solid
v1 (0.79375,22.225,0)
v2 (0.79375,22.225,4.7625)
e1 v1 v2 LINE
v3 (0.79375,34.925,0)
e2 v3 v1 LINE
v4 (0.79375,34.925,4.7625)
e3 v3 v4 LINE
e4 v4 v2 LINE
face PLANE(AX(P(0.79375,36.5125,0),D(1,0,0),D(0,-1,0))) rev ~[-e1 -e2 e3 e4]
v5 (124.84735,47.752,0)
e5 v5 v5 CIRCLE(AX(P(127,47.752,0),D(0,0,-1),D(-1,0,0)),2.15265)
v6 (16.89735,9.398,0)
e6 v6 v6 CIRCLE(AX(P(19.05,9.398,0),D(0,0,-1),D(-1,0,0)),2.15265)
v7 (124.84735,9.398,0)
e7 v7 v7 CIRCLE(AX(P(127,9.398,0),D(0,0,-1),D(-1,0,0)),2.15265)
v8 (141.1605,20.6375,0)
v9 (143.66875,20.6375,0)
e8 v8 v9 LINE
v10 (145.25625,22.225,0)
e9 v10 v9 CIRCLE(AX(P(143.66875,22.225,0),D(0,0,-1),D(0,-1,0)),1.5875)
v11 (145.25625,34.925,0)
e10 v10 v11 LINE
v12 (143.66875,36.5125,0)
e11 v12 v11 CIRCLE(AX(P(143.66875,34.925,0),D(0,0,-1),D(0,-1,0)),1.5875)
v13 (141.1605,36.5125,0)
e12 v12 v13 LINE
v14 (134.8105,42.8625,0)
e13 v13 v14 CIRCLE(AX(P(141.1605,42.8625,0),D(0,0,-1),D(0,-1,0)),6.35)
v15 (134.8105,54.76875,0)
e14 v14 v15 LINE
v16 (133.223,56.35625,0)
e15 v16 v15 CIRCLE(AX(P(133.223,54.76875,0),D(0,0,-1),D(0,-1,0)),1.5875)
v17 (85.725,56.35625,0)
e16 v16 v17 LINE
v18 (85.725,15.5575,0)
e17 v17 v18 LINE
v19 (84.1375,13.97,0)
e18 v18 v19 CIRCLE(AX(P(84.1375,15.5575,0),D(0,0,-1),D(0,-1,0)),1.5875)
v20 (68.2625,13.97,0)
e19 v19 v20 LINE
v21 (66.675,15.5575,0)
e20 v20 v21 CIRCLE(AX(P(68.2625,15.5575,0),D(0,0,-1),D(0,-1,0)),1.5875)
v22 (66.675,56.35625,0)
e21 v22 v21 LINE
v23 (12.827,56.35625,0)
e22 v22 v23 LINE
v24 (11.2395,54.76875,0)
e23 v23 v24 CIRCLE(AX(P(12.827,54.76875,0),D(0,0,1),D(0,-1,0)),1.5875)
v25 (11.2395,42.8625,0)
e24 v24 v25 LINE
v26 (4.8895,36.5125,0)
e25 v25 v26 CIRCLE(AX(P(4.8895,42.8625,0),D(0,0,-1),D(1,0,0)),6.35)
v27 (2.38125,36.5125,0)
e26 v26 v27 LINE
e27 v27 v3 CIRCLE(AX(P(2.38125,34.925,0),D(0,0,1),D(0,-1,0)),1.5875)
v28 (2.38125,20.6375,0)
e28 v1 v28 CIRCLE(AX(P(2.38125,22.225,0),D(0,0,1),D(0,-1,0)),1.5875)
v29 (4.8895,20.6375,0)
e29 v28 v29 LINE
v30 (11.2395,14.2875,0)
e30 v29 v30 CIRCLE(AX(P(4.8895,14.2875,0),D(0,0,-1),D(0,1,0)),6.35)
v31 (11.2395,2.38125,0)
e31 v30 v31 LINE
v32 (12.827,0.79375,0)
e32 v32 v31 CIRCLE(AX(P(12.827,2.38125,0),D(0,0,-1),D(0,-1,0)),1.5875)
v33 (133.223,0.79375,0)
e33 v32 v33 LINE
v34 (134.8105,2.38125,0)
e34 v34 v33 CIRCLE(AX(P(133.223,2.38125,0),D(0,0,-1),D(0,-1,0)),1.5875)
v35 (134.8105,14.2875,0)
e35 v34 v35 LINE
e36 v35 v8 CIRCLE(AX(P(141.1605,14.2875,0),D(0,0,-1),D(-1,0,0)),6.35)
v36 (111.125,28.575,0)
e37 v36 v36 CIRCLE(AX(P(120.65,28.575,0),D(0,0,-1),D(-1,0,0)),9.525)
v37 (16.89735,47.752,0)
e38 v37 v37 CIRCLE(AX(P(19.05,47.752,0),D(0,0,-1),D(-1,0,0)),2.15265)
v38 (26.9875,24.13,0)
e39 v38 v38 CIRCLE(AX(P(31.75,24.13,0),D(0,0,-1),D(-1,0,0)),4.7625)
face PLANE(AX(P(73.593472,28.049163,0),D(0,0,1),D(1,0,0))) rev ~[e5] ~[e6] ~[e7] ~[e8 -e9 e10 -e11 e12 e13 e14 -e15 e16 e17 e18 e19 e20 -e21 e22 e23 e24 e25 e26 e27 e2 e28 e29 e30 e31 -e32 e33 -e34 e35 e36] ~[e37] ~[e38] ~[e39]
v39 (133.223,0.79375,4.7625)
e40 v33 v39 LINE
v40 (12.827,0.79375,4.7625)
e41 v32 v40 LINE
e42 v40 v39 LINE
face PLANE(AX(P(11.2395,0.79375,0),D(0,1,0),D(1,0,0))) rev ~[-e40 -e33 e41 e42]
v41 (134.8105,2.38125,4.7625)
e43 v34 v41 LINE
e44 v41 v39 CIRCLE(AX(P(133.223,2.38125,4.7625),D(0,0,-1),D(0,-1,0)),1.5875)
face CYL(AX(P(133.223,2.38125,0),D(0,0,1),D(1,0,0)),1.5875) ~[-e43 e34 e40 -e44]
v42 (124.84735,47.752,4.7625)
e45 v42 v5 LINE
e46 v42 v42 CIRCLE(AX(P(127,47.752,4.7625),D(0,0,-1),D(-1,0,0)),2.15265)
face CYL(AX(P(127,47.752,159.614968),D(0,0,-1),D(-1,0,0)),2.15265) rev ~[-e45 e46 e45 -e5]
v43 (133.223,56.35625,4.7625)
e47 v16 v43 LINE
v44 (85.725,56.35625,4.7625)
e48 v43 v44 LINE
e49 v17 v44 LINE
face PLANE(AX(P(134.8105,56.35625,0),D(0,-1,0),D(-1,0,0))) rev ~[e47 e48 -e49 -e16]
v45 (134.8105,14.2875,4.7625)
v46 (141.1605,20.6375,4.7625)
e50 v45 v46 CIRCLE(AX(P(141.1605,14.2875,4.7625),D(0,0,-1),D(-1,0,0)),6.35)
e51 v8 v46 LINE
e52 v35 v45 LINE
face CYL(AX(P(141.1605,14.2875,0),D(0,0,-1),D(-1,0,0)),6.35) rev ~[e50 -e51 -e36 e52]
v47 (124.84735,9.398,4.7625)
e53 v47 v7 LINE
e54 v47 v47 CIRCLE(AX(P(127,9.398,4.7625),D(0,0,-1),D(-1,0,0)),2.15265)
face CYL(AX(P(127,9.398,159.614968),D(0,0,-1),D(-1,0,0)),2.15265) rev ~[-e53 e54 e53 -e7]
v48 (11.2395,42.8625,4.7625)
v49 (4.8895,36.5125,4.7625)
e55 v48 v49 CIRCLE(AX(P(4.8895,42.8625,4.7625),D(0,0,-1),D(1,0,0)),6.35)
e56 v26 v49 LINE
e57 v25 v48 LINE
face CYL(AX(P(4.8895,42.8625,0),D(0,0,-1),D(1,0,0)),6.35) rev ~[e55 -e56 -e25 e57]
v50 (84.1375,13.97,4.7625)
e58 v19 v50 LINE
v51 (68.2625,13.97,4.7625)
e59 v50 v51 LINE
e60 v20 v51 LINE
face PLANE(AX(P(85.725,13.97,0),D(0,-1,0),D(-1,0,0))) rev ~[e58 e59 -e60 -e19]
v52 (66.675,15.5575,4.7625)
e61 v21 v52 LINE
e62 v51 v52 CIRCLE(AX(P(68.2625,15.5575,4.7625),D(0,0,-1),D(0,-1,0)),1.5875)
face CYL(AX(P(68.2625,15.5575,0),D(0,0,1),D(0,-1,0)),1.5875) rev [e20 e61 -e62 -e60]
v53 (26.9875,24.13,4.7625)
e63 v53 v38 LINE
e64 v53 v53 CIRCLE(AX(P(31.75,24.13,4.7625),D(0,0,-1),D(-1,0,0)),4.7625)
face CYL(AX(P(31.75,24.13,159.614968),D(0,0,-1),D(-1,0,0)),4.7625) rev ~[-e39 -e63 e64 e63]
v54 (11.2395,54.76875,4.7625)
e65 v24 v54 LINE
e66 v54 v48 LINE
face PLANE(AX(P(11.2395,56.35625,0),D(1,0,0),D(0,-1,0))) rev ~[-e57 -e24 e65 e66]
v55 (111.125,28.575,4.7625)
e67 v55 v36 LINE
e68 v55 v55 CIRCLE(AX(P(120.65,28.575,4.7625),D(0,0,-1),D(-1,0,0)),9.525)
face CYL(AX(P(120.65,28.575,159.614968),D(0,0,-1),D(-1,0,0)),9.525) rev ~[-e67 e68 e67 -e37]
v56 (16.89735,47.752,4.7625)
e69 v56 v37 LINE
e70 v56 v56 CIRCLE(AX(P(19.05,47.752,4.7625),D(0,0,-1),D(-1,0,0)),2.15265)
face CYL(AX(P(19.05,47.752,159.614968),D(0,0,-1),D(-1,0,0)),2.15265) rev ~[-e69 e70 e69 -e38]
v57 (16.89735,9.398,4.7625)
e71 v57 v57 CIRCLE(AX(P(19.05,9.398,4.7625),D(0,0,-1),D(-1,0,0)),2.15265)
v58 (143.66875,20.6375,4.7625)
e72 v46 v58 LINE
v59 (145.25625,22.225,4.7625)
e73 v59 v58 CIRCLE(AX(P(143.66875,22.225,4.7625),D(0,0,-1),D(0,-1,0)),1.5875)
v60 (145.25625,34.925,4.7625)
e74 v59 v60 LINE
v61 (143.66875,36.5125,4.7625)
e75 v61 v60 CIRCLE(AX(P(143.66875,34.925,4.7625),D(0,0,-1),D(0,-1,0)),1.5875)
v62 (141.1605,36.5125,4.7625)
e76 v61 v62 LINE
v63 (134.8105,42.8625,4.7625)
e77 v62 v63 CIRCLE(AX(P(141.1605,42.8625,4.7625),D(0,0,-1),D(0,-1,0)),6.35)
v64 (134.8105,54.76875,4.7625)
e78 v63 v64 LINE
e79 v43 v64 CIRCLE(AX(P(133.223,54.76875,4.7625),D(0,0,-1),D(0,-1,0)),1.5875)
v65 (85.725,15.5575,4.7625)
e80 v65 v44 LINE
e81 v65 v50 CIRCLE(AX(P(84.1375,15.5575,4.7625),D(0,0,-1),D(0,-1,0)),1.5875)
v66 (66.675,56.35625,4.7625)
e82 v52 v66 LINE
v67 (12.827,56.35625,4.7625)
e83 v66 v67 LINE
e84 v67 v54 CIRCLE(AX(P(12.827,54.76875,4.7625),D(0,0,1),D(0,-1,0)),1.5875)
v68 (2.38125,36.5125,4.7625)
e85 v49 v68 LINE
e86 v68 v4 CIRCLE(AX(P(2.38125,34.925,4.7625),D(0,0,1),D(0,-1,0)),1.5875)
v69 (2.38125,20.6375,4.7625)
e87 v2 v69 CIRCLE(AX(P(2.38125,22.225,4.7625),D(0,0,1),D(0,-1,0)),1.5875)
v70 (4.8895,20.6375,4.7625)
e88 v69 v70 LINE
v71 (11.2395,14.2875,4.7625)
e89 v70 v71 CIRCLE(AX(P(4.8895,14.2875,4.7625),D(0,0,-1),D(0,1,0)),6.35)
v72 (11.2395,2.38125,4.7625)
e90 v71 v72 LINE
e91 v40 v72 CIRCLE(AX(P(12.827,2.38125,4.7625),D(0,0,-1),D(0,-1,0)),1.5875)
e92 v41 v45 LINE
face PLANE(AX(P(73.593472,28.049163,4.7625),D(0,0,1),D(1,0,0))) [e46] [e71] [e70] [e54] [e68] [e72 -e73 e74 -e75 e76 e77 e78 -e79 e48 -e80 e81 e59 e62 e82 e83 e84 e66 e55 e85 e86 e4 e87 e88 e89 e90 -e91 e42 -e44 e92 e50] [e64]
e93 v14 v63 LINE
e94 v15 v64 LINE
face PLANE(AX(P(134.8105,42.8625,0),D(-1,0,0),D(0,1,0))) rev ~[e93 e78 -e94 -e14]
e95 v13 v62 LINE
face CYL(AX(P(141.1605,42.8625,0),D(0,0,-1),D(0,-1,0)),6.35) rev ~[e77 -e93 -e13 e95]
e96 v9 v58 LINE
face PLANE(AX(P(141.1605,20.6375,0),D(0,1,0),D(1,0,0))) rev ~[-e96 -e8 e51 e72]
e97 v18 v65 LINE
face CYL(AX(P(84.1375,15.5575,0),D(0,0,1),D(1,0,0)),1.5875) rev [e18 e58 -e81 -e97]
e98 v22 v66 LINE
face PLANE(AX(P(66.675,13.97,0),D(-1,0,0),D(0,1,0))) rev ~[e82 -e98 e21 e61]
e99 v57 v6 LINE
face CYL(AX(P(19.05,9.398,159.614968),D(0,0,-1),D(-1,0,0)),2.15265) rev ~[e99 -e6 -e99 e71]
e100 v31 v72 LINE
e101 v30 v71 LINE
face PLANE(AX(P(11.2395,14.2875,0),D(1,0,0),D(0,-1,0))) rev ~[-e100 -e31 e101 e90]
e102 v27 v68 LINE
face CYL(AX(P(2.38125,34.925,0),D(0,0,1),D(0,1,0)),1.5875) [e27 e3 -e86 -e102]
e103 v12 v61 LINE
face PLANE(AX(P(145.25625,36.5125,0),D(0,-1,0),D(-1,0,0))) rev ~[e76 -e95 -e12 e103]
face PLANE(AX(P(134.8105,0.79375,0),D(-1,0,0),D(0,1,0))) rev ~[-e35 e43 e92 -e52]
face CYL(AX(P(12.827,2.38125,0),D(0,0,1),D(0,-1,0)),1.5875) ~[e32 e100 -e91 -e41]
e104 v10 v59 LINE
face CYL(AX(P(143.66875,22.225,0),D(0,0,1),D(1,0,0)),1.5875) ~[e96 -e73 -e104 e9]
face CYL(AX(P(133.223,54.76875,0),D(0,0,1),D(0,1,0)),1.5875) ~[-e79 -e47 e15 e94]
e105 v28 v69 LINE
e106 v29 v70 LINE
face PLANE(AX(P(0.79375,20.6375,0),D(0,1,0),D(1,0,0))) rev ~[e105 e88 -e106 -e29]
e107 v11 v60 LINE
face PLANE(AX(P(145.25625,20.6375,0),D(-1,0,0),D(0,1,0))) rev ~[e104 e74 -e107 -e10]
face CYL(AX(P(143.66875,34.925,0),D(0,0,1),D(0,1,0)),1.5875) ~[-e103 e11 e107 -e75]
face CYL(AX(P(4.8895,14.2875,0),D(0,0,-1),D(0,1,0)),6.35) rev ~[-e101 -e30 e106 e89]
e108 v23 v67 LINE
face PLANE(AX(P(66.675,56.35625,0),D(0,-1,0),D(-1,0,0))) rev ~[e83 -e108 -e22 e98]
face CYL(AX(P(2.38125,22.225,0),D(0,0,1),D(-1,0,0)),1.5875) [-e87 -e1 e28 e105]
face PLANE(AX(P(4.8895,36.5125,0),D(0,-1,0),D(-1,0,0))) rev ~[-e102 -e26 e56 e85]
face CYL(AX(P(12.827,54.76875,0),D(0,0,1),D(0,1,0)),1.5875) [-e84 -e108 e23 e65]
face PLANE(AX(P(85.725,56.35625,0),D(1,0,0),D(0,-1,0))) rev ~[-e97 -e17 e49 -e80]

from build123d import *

# Parameters (mm, degrees)
BOSS_EXTRUDE1_DEPTH          = 4.7625
F_3_8_0_375_DIAMETER_HOLE1_D = 9.525
F_3_4_0_75_DIAMETER_HOLE1_D  = 19.05
F_6_CLEARANCE_HOLE1_D        = 4.3053
FILLET1_R                    = 1.5875


with BuildPart() as part:
    # Sketch1 → Boss-Extrude1 (new body)
    with BuildSketch(Plane.XY):
        with BuildLine():
            Line((85.725, 56.35625), (85.725, 13.97))
            Line((85.725, 13.97), (66.675, 13.97))
            Line((66.675, 13.97), (66.675, 56.35625))
            Line((66.675, 56.35625), (11.2395, 56.35625))
            Line((11.2395, 56.35625), (11.2395, 42.8625))
            ThreePointArc((11.2395, 42.8625), (9.379628061, 38.372371939), (4.8895, 36.5125))
            Line((4.8895, 36.5125), (0.79375, 36.5125))
            Line((0.79375, 36.5125), (0.79375, 20.6375))
            Line((0.79375, 20.6375), (4.8895, 20.6375))
            ThreePointArc((4.8895, 20.6375), (9.379628061, 18.777628061), (11.2395, 14.2875))
            Line((11.2395, 14.2875), (11.2395, 0.79375))
            Line((11.2395, 0.79375), (134.8105, 0.79375))
            Line((134.8105, 0.79375), (134.8105, 14.2875))
            ThreePointArc((134.8105, 14.2875), (136.670371939, 18.777628061), (141.1605, 20.6375))
            Line((141.1605, 20.6375), (145.25625, 20.6375))
            Line((145.25625, 20.6375), (145.25625, 36.5125))
            Line((145.25625, 36.5125), (141.1605, 36.5125))
            ThreePointArc((141.1605, 36.5125), (136.670371939, 38.372371939), (134.8105, 42.8625))
            Line((134.8105, 42.8625), (134.8105, 56.35625))
            Line((134.8105, 56.35625), (85.725, 56.35625))
        make_face()
    extrude(amount=BOSS_EXTRUDE1_DEPTH)

    # 3/8 (0.375) Diameter Hole1 (through all)
    with Locations(Plane.XY.offset(4.7625)):
        with Locations((31.75, 24.13)):
            Hole(F_3_8_0_375_DIAMETER_HOLE1_D / 2)

    # 3/4 (0.75) Diameter Hole1 (through all)
    with Locations(Plane.XY.offset(4.7625)):
        with Locations((76.2, 28.575), (120.65, 28.575)):
            Hole(F_3_4_0_75_DIAMETER_HOLE1_D / 2)

    # #6 Clearance Hole1 (through all)
    with Locations(Plane.XY.offset(4.7625)):
        with Locations((19.05, 9.398), (19.05, 47.752), (127, 47.752), (127, 9.398)):
            Hole(F_6_CLEARANCE_HOLE1_D / 2)

    # Fillet1
    fillet1_edges = [part.edges().sort_by_distance(p)[0] for p in [
        (134.8105, 56.35625, 2.38125),
        (145.25625, 36.5125, 2.38125),
        (145.25625, 20.6375, 2.38125),
        (134.8105, 0.79375, 2.38125),
        (11.2395, 0.79375, 2.38125),
        (0.79375, 20.6375, 2.38125),
        (0.79375, 36.5125, 2.38125),
        (11.2395, 56.35625, 2.38125),
        (66.675, 13.97, 2.38125),
        (85.725, 13.97, 2.38125),
    ]]
    fillet(fillet1_edges, radius=FILLET1_R)


solid = part.part
